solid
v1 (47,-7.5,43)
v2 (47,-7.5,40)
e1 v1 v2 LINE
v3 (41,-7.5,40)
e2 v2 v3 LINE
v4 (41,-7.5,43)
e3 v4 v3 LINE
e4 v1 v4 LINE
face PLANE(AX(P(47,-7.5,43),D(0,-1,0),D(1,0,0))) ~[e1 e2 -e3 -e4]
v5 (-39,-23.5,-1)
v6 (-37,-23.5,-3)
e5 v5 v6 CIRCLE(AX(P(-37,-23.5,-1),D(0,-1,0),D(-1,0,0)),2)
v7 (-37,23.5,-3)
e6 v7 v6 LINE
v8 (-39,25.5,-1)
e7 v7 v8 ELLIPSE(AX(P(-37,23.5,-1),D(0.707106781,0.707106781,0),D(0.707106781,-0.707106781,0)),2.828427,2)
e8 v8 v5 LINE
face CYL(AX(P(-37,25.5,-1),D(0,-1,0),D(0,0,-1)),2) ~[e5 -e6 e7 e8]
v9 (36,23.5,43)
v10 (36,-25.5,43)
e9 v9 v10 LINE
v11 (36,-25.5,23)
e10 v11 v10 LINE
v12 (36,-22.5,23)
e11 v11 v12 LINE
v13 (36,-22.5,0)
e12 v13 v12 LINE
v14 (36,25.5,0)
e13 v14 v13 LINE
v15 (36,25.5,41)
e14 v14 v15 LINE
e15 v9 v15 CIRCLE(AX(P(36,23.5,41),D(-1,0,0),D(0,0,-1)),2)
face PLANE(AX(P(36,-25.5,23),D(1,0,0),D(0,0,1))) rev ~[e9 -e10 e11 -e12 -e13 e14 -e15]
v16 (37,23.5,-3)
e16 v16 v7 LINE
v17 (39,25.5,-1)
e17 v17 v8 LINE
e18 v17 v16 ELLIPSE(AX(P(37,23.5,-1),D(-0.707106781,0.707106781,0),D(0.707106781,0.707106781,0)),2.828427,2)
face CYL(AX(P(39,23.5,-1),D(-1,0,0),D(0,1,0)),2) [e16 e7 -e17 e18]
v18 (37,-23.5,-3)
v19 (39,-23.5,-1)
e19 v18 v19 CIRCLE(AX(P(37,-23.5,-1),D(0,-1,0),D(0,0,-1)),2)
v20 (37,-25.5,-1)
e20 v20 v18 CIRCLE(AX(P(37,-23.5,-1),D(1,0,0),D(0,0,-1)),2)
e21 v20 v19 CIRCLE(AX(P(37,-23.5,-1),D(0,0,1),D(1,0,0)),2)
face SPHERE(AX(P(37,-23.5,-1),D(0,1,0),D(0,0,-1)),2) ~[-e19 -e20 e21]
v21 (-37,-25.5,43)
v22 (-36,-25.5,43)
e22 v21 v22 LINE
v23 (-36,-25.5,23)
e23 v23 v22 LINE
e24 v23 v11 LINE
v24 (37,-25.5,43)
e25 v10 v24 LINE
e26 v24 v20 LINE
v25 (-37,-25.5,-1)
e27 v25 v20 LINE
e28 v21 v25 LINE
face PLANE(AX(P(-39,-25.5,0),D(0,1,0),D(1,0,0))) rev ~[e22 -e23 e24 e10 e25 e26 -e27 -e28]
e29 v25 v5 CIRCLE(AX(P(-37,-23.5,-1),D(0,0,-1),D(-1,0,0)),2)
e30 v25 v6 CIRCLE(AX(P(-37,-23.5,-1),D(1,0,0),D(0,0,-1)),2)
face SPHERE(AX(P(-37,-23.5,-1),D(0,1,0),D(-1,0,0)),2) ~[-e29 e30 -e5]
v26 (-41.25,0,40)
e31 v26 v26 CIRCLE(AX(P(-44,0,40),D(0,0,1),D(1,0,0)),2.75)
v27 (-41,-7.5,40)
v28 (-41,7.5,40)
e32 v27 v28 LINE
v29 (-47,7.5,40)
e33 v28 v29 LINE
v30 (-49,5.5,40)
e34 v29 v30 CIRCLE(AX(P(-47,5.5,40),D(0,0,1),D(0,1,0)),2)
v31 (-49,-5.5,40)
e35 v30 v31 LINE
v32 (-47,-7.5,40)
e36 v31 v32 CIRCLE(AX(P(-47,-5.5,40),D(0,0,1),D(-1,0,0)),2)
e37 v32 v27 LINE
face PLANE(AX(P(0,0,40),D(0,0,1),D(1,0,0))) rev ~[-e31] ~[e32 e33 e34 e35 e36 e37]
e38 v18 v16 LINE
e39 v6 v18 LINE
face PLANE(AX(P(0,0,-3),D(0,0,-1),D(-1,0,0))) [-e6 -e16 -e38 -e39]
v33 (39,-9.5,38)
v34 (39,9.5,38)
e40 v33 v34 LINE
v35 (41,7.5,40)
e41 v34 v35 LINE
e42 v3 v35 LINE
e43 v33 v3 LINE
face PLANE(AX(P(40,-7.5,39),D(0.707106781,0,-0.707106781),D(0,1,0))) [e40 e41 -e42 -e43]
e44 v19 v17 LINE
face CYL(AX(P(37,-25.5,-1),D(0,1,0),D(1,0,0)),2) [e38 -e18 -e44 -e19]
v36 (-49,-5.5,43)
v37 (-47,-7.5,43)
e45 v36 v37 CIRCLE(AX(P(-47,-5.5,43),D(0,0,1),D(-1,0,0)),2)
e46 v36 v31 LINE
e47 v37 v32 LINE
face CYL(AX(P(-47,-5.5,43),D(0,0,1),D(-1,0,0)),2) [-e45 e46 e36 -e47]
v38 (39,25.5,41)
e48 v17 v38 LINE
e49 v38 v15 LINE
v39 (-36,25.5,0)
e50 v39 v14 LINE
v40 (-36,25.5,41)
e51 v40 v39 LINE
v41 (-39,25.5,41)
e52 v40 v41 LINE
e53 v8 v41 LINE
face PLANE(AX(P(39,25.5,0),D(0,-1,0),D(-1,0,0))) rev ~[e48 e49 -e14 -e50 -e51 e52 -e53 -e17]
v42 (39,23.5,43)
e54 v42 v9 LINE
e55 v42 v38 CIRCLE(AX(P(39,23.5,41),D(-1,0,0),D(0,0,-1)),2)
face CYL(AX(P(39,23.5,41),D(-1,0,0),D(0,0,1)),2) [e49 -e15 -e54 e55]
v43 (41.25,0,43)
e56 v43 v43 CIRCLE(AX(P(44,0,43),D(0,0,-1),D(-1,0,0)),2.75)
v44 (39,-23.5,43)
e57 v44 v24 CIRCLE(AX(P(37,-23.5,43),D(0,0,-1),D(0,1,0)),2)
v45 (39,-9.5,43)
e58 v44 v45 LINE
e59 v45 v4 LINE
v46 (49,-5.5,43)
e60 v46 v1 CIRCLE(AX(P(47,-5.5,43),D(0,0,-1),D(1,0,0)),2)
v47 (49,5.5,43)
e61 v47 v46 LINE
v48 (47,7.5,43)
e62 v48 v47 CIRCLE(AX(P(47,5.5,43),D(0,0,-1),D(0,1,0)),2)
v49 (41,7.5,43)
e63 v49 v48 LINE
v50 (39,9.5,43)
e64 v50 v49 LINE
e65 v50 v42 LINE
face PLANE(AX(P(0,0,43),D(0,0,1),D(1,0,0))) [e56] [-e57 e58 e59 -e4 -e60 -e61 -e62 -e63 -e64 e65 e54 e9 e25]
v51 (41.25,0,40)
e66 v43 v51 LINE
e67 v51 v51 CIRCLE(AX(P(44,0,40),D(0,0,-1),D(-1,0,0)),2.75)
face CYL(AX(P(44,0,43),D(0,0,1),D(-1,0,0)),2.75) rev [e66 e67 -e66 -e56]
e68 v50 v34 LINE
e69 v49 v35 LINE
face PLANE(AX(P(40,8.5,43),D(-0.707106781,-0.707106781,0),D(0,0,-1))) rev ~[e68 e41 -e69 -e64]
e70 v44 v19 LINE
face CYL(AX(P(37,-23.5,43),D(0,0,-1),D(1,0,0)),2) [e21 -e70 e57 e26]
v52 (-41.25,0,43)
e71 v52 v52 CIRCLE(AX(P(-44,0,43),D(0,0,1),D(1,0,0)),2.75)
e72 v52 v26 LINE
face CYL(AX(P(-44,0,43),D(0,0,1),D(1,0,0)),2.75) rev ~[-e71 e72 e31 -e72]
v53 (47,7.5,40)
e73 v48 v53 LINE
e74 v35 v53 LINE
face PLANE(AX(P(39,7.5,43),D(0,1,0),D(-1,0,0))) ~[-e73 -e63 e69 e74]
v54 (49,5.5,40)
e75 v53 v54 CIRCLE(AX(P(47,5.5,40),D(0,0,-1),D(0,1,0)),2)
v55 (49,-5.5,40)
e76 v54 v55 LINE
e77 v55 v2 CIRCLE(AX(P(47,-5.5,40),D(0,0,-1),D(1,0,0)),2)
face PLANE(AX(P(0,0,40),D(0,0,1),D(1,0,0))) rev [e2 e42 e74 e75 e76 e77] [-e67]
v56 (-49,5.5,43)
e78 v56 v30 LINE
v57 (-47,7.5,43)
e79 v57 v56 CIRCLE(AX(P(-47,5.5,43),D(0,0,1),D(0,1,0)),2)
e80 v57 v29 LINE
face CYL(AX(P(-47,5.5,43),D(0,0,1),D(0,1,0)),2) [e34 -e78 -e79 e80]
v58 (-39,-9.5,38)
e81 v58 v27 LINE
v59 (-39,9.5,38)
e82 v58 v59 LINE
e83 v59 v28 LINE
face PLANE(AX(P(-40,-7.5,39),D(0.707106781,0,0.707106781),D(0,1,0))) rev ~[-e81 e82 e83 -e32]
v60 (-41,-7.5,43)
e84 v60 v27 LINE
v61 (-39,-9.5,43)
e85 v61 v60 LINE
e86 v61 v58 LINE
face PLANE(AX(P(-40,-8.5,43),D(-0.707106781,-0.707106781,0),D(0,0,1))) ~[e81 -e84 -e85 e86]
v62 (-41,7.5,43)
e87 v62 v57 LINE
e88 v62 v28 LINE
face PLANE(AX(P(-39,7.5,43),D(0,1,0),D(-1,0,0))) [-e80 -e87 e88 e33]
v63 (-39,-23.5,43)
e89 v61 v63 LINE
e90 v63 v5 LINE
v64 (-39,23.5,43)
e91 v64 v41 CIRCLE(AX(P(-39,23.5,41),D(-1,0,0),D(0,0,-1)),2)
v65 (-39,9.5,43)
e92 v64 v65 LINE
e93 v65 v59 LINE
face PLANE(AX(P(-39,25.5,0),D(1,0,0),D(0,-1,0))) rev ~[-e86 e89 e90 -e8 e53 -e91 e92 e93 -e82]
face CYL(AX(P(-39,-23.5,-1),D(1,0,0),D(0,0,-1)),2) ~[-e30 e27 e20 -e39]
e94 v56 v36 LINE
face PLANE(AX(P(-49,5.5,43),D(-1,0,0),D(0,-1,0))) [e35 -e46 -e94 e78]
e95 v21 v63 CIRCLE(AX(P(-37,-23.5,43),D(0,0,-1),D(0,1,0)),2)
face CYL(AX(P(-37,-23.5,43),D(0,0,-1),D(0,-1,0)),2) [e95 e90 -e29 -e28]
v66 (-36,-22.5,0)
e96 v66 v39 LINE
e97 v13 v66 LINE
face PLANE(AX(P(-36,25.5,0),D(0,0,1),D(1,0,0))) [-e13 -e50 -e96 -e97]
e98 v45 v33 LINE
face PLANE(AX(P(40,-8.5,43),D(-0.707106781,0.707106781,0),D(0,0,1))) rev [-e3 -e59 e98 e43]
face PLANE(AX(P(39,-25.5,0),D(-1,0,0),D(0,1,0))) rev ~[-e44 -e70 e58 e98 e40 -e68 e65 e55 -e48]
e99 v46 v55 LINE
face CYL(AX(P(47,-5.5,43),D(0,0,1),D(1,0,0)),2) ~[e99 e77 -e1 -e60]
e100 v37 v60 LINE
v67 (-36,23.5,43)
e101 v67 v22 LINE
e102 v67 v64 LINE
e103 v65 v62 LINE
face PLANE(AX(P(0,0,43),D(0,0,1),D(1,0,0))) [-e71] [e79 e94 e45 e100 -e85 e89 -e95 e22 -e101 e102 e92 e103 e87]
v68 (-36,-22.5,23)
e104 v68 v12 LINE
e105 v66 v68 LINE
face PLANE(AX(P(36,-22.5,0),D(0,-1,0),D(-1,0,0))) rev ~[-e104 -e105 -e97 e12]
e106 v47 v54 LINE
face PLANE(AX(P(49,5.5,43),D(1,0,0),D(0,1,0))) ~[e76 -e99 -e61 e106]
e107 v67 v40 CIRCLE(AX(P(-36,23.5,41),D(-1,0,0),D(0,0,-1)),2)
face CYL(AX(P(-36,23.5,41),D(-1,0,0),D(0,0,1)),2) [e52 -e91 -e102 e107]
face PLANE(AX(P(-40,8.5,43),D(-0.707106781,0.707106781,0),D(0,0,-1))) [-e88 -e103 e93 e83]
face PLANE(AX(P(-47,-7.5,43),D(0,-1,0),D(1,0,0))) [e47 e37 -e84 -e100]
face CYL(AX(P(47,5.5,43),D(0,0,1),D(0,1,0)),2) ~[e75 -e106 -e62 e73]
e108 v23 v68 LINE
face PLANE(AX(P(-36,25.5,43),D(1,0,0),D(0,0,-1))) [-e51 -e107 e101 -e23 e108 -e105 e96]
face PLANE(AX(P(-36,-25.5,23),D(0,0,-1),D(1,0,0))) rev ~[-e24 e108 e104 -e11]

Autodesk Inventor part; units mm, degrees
ref_plane "YZ Plane" through (0, 0, 0) normal (1, 0, 0) x (0, 1, 0)
ref_plane "XZ Plane" through (0, 0, 0) normal (0, 1, 0) x (-1, 0, 0)
ref_plane "XY Plane" through (0, 0, 0) normal (0, 0, 1) x (1, 0, 0)
sketch "Sketch1" plane through (0, 0, 0) normal (0, 0, 1) x (1, 0, 0)
  line L0 (-36, 22.5) -> (36, 22.5)
  line L1 (36, 22.5) -> (36, -22.5)
  line L2 (36, -22.5) -> (-36, -22.5)
  line L3 (-36, -22.5) -> (-36, 22.5)
  line L4 (-36, 22.5) -> (36, -22.5) construction
  line L5 (36, 22.5) -> (-36, -22.5) construction
  line L6 (39, 25.5) -> (-39, 25.5)
  line L7 (-39, 25.5) -> (-39, -25.5)
  line L8 (-39, -25.5) -> (39, -25.5)
  line L9 (39, -25.5) -> (39, 25.5)
  point P0 (0, 0)
  dimension "d0" = 72
  dimension "d1" = 45
  dimension "d2" = 3
extrude "Extrusion1" add sketch "Sketch1" along normal blind 43
sketch "Sketch2" plane through (0, 0, 0) normal (0, 0, -1) x (-1, 0, 0)
  line L0 (-39, 25.5) -> (39, 25.5) projected
  line L1 (39, 25.5) -> (39, -25.5) projected
  line L2 (-39, 25.5) -> (39, 25.5)
  line L3 (39, 25.5) -> (39, -25.5)
  line L4 (39, -25.5) -> (-39, -25.5)
  line L5 (-39, -25.5) -> (-39, 25.5)
  point P0 (0, 0)
extrude "Extrusion2" add sketch "Sketch2" along normal blind 3
sketch "Sketch3" plane through (-39, 25.5, 43) normal (0, 1, 0) x (1, 0, 0)
  line L0 (3, 43) -> (75, 43) projected
  line L1 (75, 43) -> (75, 0) projected
  line L2 (3, 43) -> (75, 43)
  line L3 (75, 43) -> (75, 0)
  line L4 (75, 0) -> (3, 0)
  line L5 (3, 0) -> (3, 43)
  point P0 (39, 43)
extrude "Extrusion3" cut sketch "Sketch3" against normal up to surface (3 mm away)
ref_plane "Work Plane1" through (0, -25.5, 43) normal (-1, 0, 0) x (0, 0, 1)
sketch "Sketch5" plane through (0, 0, 43) normal (0, 0, 1) x (1, 0, 0)
  line L0 (-39, -25.5) -> (-39, 25.5) projected
  line L1 (-39, 7.5) -> (-47, 7.5)
  line L2 (-49, 5.5) -> (-49, -5.5)
  line L3 (-47, -7.5) -> (-39, -7.5)
  line L4 (-39, -7.5) -> (-39, 7.5)
  line L5 (-36, 25.5) -> (-39, 25.5) projected
  circle A0 centre (-44, 0) radius 2.75
  arc A1 (-49, -5.5) -> (-47, -7.5) centre (-47, -5.5) ccw
  arc A2 (-47, 7.5) -> (-49, 5.5) centre (-47, 5.5) ccw
  point P0 (0, 0)
  point P1 (-49, -7.5)
  point P2 (-49, 7.5)
  dimension "d12" = 10
  dimension "d13" = 15
  dimension "d14" = 18
  dimension "d17" = 5.5
  dimension "d18" = 5
  dimension "d21" = 2
extrude "Extrusion5" add sketch "Sketch5" against normal blind 3
mirror "Mirror1" about plane through (0, -25.5, 43) normal (-1, 0, 0) of "Extrusion5"
chamfer "Chamfer1" distance 2 angle 45 6 edges at (-39, 0, 40) (-39, 7.5, 41.5) (-39, -7.5, 41.5) (39, 0, 40) (39, -7.5, 41.5) (39, 7.5, 41.5)
fillet "Fillet1" radius 2 8 edges at (39, 0, -3) (-39, 0, -3) (-39, -25.5, 20) (0, -25.5, -3) (39, -25.5, 20) (0, 25.5, -3) (-37.5, 25.5, 43) (37.5, 25.5, 43)
sketch "Sketch7" plane through (-37, -25.5, -1) normal (0, -1, 0) x (1, 0, 0)
  line L0 (73, 44) -> (1, 44) projected
  line L1 (1, 1) -> (1, 44) projected
  line L2 (73, 44) -> (1, 44)
  line L3 (1, 44) -> (1, 24)
  line L4 (1, 24) -> (73, 24)
  line L5 (73, 24) -> (73, 44)
  point P0 (37, 1)
  dimension "d26" = 20
extrude "Extrusion6" cut sketch "Sketch7" against normal up to surface (3 mm away)
equation "\"d18\" = 0.5 * d12"
properties part number "Eletronica - protecaoFonte"
